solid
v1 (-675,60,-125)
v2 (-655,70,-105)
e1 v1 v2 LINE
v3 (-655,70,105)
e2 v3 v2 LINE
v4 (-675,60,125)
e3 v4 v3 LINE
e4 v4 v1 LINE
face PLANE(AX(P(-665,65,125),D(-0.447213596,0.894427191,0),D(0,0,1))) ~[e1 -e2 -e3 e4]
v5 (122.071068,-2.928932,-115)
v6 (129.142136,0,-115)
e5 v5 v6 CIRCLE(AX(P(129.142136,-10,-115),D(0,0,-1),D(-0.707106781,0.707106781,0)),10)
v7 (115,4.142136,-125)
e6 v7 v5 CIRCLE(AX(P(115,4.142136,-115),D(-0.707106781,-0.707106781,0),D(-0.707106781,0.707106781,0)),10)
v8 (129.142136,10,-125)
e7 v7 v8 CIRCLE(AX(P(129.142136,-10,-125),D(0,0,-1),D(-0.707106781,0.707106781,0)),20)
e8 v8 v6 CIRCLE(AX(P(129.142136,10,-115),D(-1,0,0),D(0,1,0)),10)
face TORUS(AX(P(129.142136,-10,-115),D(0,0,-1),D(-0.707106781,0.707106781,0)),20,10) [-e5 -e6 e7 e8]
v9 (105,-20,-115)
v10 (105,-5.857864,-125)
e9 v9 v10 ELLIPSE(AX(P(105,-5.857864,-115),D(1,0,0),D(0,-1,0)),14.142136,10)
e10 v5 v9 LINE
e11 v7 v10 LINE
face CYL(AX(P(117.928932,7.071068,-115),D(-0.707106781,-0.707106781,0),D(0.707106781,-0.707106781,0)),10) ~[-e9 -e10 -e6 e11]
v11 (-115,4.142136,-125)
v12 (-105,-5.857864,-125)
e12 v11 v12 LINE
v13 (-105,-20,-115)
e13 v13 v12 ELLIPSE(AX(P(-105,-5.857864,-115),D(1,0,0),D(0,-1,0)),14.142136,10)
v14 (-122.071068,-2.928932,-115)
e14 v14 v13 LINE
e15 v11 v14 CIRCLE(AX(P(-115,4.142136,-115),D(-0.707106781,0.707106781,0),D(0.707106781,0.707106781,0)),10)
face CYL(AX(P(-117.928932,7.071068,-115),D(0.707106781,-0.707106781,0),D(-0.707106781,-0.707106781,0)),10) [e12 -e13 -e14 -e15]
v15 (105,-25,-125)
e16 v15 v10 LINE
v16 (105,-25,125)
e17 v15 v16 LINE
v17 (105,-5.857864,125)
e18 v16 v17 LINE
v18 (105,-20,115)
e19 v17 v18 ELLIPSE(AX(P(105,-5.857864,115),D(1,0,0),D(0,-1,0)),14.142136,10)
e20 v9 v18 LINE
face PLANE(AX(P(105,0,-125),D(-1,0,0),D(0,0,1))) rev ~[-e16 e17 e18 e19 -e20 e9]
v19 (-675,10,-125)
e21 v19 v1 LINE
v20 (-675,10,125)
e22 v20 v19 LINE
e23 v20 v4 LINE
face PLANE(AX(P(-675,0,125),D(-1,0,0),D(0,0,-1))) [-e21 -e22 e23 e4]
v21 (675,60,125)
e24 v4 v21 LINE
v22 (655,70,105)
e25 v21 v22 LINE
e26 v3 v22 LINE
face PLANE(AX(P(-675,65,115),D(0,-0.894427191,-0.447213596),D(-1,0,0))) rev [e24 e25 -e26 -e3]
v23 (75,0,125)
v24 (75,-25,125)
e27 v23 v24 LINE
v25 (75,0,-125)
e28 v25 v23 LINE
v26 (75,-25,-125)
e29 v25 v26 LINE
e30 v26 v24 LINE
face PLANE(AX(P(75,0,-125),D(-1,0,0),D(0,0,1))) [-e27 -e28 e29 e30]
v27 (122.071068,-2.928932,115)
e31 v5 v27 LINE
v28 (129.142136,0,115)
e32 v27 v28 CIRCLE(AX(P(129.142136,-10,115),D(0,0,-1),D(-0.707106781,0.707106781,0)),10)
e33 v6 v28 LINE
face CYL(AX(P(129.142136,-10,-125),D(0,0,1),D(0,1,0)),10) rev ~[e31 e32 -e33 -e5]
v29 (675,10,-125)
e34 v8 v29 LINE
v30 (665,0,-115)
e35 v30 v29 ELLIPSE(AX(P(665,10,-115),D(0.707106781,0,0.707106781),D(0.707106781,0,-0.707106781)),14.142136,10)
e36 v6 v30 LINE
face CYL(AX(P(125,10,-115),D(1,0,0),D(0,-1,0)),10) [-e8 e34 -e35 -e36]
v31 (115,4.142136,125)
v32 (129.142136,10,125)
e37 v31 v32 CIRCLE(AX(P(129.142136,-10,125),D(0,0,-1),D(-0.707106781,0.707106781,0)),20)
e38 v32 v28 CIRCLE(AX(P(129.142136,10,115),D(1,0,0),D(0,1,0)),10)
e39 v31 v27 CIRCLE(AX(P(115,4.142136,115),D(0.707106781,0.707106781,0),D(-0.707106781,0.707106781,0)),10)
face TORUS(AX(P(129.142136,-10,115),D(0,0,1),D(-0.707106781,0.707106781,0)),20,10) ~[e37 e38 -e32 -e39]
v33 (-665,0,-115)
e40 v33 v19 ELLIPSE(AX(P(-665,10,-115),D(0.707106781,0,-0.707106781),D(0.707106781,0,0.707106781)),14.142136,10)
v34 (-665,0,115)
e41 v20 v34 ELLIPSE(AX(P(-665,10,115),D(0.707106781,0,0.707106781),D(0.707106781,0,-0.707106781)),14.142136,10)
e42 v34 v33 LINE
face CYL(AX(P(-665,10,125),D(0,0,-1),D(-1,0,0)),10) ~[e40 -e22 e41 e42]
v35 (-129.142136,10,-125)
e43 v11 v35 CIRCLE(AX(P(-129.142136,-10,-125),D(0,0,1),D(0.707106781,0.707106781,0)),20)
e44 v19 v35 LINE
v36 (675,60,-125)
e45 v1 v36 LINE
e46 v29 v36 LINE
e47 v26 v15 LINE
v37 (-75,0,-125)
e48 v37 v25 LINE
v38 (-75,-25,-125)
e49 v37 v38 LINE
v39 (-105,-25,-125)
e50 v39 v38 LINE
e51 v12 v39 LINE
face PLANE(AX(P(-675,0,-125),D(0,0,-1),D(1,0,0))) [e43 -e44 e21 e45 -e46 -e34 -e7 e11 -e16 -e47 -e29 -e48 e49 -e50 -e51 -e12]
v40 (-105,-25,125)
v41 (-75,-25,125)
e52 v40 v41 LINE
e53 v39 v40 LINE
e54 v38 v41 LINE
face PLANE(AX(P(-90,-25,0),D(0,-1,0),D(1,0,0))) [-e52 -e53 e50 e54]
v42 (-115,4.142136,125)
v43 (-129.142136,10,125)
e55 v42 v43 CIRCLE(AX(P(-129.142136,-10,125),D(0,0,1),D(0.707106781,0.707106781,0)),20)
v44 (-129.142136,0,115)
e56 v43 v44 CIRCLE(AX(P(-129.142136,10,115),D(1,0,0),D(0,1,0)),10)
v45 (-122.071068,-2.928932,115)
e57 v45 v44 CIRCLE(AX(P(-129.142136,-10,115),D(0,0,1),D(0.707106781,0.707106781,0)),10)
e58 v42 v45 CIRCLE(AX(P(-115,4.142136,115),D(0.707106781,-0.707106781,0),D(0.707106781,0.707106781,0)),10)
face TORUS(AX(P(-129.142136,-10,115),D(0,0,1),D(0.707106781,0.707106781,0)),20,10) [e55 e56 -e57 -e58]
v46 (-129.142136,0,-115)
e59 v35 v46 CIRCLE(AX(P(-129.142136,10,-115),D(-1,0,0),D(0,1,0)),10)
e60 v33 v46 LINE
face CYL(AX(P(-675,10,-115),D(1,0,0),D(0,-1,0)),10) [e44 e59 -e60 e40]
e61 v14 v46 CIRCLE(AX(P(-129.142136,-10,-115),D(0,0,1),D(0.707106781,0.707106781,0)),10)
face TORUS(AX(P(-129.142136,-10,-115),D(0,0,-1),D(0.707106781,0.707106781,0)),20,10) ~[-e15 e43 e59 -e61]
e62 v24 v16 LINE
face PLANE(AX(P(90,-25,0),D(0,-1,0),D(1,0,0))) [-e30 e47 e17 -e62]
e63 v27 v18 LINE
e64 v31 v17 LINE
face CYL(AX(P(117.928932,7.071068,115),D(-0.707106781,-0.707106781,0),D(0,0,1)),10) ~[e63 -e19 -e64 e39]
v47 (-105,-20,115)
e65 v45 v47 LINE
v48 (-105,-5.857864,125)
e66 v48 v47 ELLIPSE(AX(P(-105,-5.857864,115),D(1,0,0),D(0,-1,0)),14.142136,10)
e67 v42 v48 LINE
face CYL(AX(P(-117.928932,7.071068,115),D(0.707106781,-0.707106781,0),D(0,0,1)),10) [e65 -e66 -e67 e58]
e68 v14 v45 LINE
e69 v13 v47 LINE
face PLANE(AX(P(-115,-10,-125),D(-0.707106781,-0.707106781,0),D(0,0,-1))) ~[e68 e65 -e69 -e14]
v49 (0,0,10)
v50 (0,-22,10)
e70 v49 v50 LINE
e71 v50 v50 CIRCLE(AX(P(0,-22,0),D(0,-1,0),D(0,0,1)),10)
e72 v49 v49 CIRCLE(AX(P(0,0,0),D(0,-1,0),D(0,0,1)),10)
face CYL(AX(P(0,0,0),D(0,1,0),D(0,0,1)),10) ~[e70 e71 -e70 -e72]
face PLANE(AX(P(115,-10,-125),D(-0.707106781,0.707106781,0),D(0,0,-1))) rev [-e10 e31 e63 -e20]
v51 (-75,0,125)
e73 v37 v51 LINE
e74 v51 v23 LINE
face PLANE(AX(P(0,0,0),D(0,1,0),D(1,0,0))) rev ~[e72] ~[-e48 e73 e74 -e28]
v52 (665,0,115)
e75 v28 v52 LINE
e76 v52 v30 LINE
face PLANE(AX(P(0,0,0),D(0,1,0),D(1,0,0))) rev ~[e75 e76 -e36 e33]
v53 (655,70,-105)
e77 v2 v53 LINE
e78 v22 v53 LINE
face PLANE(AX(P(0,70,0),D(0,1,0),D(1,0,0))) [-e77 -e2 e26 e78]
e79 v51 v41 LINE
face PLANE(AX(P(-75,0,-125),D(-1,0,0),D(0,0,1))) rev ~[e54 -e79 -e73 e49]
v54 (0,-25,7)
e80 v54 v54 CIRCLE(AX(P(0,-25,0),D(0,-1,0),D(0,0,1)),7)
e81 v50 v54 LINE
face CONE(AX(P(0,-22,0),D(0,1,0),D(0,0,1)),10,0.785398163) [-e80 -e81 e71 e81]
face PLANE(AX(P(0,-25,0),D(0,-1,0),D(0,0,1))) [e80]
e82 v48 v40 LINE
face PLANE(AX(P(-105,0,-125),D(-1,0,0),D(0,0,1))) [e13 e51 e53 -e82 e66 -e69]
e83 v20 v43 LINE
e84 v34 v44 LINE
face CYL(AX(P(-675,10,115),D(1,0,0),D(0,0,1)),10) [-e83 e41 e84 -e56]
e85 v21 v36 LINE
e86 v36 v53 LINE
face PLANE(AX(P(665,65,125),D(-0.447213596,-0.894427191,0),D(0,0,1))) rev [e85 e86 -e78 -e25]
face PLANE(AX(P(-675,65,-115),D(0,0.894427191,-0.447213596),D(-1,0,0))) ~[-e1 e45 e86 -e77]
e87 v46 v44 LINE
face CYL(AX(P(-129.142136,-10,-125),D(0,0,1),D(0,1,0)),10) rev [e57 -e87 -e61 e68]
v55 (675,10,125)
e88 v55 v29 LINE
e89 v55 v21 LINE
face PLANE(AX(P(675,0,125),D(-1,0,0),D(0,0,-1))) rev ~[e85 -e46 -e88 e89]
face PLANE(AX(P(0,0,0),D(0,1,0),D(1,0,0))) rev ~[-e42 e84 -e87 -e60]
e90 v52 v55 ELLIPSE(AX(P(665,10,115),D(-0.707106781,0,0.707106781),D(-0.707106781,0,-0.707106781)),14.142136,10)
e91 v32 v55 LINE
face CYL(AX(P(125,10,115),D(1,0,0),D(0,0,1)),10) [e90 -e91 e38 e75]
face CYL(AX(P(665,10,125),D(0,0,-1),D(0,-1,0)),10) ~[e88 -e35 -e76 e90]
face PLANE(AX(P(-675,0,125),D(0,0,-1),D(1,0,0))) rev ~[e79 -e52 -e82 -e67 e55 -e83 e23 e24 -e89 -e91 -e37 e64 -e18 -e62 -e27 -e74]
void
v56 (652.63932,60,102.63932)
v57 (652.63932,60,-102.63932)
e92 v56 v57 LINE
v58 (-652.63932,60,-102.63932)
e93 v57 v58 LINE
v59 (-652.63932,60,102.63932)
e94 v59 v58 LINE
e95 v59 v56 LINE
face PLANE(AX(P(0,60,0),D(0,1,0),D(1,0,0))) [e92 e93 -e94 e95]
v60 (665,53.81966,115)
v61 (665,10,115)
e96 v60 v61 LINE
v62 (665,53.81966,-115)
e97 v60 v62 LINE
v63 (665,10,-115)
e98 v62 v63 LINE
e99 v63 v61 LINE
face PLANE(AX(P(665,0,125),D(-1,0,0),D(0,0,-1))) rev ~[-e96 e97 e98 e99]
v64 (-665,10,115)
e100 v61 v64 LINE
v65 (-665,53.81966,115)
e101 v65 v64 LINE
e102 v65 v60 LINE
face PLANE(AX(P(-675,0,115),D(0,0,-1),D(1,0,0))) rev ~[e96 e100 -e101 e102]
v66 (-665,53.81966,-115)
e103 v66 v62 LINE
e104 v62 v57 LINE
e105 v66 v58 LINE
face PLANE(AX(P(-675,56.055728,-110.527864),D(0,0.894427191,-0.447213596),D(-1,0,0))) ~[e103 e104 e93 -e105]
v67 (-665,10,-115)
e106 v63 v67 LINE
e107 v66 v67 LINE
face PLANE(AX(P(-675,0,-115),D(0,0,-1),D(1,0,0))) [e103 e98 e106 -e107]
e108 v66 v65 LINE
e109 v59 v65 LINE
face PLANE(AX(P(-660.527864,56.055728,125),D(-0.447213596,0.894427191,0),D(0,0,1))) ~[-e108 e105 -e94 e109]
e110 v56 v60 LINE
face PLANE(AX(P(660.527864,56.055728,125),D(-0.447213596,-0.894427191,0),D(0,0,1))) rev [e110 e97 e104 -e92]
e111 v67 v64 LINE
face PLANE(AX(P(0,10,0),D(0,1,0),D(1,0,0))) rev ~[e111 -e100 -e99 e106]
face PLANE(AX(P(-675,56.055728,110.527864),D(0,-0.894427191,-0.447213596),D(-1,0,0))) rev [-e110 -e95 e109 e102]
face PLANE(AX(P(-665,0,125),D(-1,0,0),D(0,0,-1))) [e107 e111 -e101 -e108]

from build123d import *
from OCP.BRepFilletAPI import BRepFilletAPI_MakeChamfer

# Parameters (mm, degrees)
SKETCH1_W           = 1350
SKETCH1_H           = 250
BOSS_EXTRUDE1_DEPTH = 70
CHAMFER1_SIZE       = 10
CHAMFER1_SIZE2      = 20
SHELL1_T            = 10
SKETCH2_W           = 30
SKETCH2_H           = 250
BOSS_EXTRUDE2_DEPTH = 25
CHAMFER2_SIZE       = 20
FILLET1_R           = 10
SKETCH3_R           = 10
BOSS_EXTRUDE3_DEPTH = 25
CHAMFER3_SIZE       = 3


with BuildPart() as part:
    # Sketch1 → Boss-Extrude1 (new body)
    with BuildSketch(Plane(origin=(0, 0, 0), x_dir=(1, 0, 0), z_dir=(0, 1, 0))):
        Rectangle(SKETCH1_W, SKETCH1_H)
    extrude(amount=BOSS_EXTRUDE1_DEPTH)

    # Chamfer1: one chamfer whose edges measure the first distance from different faces: ONE call of the kernel's chamfer builder (chamfer() names one face for all edges)
    chamfer1_edges_1 = [part.edges().sort_by_distance(p)[0] for p in [
        (675, 70, 0),
    ]]
    chamfer1_side_1 = [part.faces().sort_by_distance(p)[0] for p in [
        (675, 35, 0),
    ]]
    chamfer1_edges_2 = [part.edges().sort_by_distance(p)[0] for p in [
        (0, 70, -125),
    ]]
    chamfer1_side_2 = [part.faces().sort_by_distance(p)[0] for p in [
        (0, 35, -125),
    ]]
    chamfer1_edges_3 = [part.edges().sort_by_distance(p)[0] for p in [
        (-675, 70, 0),
    ]]
    chamfer1_side_3 = [part.faces().sort_by_distance(p)[0] for p in [
        (-675, 35, 0),
    ]]
    chamfer1_edges_4 = [part.edges().sort_by_distance(p)[0] for p in [
        (0, 70, 125),
    ]]
    chamfer1_side_4 = [part.faces().sort_by_distance(p)[0] for p in [
        (0, 35, 125),
    ]]
    chamfer1 = BRepFilletAPI_MakeChamfer(part.part.solid().wrapped)
    for e in chamfer1_edges_1:
        chamfer1.Add(CHAMFER1_SIZE, CHAMFER1_SIZE2, e.wrapped, chamfer1_side_1[0].wrapped)  # the first distance lies on this face
    for e in chamfer1_edges_2:
        chamfer1.Add(CHAMFER1_SIZE, CHAMFER1_SIZE2, e.wrapped, chamfer1_side_2[0].wrapped)  # the first distance lies on this face
    for e in chamfer1_edges_3:
        chamfer1.Add(CHAMFER1_SIZE, CHAMFER1_SIZE2, e.wrapped, chamfer1_side_3[0].wrapped)  # the first distance lies on this face
    for e in chamfer1_edges_4:
        chamfer1.Add(CHAMFER1_SIZE, CHAMFER1_SIZE2, e.wrapped, chamfer1_side_4[0].wrapped)  # the first distance lies on this face
    add(Compound.cast(chamfer1.Shape()), mode=Mode.REPLACE)

    # Shell1 (no face opened: a closed hollow body)
    add(offset(amount=-SHELL1_T, mode=Mode.PRIVATE), mode=Mode.SUBTRACT)

    # Sketch2 → Boss-Extrude2 (add)
    with BuildSketch(Plane.XZ):
        with Locations((-90, 0)):
            Rectangle(SKETCH2_W, SKETCH2_H)
        with Locations((90, 0)):
            Rectangle(SKETCH2_W, SKETCH2_H)
    extrude(amount=BOSS_EXTRUDE2_DEPTH)

    # Chamfer2
    chamfer2_edges = [part.edges().sort_by_distance(p)[0] for p in [
        (-105, 0, 0),
        (105, 0, 0),
    ]]
    chamfer(chamfer2_edges, length=CHAMFER2_SIZE)

    # Fillet1
    fillet1_edges = [part.edges().sort_by_distance(p)[0] for p in [
        (-400, 0, -125),
        (675, 0, 0),
        (-400, 0, 125),
        (-675, 0, 0),
        (-125, 0, 0),
        (400, 0, -125),
        (400, 0, 125),
        (125, 0, 0),
        (-115, -10, -125),
        (-115, -10, 125),
        (115, -10, 125),
        (115, -10, -125),
    ]]
    fillet(fillet1_edges, radius=FILLET1_R)

    # Sketch3 → Boss-Extrude3 (add)
    with BuildSketch(Plane.XZ):
        with Locations(Location((0, 0, 0), (0, 0, 90))):
            Circle(SKETCH3_R)
    extrude(amount=BOSS_EXTRUDE3_DEPTH)

    # Chamfer3
    chamfer3_edges = [part.edges().sort_by_distance(p)[0] for p in [
        (0, -25, -10),
    ]]
    chamfer(chamfer3_edges, length=CHAMFER3_SIZE)


solid = part.part
